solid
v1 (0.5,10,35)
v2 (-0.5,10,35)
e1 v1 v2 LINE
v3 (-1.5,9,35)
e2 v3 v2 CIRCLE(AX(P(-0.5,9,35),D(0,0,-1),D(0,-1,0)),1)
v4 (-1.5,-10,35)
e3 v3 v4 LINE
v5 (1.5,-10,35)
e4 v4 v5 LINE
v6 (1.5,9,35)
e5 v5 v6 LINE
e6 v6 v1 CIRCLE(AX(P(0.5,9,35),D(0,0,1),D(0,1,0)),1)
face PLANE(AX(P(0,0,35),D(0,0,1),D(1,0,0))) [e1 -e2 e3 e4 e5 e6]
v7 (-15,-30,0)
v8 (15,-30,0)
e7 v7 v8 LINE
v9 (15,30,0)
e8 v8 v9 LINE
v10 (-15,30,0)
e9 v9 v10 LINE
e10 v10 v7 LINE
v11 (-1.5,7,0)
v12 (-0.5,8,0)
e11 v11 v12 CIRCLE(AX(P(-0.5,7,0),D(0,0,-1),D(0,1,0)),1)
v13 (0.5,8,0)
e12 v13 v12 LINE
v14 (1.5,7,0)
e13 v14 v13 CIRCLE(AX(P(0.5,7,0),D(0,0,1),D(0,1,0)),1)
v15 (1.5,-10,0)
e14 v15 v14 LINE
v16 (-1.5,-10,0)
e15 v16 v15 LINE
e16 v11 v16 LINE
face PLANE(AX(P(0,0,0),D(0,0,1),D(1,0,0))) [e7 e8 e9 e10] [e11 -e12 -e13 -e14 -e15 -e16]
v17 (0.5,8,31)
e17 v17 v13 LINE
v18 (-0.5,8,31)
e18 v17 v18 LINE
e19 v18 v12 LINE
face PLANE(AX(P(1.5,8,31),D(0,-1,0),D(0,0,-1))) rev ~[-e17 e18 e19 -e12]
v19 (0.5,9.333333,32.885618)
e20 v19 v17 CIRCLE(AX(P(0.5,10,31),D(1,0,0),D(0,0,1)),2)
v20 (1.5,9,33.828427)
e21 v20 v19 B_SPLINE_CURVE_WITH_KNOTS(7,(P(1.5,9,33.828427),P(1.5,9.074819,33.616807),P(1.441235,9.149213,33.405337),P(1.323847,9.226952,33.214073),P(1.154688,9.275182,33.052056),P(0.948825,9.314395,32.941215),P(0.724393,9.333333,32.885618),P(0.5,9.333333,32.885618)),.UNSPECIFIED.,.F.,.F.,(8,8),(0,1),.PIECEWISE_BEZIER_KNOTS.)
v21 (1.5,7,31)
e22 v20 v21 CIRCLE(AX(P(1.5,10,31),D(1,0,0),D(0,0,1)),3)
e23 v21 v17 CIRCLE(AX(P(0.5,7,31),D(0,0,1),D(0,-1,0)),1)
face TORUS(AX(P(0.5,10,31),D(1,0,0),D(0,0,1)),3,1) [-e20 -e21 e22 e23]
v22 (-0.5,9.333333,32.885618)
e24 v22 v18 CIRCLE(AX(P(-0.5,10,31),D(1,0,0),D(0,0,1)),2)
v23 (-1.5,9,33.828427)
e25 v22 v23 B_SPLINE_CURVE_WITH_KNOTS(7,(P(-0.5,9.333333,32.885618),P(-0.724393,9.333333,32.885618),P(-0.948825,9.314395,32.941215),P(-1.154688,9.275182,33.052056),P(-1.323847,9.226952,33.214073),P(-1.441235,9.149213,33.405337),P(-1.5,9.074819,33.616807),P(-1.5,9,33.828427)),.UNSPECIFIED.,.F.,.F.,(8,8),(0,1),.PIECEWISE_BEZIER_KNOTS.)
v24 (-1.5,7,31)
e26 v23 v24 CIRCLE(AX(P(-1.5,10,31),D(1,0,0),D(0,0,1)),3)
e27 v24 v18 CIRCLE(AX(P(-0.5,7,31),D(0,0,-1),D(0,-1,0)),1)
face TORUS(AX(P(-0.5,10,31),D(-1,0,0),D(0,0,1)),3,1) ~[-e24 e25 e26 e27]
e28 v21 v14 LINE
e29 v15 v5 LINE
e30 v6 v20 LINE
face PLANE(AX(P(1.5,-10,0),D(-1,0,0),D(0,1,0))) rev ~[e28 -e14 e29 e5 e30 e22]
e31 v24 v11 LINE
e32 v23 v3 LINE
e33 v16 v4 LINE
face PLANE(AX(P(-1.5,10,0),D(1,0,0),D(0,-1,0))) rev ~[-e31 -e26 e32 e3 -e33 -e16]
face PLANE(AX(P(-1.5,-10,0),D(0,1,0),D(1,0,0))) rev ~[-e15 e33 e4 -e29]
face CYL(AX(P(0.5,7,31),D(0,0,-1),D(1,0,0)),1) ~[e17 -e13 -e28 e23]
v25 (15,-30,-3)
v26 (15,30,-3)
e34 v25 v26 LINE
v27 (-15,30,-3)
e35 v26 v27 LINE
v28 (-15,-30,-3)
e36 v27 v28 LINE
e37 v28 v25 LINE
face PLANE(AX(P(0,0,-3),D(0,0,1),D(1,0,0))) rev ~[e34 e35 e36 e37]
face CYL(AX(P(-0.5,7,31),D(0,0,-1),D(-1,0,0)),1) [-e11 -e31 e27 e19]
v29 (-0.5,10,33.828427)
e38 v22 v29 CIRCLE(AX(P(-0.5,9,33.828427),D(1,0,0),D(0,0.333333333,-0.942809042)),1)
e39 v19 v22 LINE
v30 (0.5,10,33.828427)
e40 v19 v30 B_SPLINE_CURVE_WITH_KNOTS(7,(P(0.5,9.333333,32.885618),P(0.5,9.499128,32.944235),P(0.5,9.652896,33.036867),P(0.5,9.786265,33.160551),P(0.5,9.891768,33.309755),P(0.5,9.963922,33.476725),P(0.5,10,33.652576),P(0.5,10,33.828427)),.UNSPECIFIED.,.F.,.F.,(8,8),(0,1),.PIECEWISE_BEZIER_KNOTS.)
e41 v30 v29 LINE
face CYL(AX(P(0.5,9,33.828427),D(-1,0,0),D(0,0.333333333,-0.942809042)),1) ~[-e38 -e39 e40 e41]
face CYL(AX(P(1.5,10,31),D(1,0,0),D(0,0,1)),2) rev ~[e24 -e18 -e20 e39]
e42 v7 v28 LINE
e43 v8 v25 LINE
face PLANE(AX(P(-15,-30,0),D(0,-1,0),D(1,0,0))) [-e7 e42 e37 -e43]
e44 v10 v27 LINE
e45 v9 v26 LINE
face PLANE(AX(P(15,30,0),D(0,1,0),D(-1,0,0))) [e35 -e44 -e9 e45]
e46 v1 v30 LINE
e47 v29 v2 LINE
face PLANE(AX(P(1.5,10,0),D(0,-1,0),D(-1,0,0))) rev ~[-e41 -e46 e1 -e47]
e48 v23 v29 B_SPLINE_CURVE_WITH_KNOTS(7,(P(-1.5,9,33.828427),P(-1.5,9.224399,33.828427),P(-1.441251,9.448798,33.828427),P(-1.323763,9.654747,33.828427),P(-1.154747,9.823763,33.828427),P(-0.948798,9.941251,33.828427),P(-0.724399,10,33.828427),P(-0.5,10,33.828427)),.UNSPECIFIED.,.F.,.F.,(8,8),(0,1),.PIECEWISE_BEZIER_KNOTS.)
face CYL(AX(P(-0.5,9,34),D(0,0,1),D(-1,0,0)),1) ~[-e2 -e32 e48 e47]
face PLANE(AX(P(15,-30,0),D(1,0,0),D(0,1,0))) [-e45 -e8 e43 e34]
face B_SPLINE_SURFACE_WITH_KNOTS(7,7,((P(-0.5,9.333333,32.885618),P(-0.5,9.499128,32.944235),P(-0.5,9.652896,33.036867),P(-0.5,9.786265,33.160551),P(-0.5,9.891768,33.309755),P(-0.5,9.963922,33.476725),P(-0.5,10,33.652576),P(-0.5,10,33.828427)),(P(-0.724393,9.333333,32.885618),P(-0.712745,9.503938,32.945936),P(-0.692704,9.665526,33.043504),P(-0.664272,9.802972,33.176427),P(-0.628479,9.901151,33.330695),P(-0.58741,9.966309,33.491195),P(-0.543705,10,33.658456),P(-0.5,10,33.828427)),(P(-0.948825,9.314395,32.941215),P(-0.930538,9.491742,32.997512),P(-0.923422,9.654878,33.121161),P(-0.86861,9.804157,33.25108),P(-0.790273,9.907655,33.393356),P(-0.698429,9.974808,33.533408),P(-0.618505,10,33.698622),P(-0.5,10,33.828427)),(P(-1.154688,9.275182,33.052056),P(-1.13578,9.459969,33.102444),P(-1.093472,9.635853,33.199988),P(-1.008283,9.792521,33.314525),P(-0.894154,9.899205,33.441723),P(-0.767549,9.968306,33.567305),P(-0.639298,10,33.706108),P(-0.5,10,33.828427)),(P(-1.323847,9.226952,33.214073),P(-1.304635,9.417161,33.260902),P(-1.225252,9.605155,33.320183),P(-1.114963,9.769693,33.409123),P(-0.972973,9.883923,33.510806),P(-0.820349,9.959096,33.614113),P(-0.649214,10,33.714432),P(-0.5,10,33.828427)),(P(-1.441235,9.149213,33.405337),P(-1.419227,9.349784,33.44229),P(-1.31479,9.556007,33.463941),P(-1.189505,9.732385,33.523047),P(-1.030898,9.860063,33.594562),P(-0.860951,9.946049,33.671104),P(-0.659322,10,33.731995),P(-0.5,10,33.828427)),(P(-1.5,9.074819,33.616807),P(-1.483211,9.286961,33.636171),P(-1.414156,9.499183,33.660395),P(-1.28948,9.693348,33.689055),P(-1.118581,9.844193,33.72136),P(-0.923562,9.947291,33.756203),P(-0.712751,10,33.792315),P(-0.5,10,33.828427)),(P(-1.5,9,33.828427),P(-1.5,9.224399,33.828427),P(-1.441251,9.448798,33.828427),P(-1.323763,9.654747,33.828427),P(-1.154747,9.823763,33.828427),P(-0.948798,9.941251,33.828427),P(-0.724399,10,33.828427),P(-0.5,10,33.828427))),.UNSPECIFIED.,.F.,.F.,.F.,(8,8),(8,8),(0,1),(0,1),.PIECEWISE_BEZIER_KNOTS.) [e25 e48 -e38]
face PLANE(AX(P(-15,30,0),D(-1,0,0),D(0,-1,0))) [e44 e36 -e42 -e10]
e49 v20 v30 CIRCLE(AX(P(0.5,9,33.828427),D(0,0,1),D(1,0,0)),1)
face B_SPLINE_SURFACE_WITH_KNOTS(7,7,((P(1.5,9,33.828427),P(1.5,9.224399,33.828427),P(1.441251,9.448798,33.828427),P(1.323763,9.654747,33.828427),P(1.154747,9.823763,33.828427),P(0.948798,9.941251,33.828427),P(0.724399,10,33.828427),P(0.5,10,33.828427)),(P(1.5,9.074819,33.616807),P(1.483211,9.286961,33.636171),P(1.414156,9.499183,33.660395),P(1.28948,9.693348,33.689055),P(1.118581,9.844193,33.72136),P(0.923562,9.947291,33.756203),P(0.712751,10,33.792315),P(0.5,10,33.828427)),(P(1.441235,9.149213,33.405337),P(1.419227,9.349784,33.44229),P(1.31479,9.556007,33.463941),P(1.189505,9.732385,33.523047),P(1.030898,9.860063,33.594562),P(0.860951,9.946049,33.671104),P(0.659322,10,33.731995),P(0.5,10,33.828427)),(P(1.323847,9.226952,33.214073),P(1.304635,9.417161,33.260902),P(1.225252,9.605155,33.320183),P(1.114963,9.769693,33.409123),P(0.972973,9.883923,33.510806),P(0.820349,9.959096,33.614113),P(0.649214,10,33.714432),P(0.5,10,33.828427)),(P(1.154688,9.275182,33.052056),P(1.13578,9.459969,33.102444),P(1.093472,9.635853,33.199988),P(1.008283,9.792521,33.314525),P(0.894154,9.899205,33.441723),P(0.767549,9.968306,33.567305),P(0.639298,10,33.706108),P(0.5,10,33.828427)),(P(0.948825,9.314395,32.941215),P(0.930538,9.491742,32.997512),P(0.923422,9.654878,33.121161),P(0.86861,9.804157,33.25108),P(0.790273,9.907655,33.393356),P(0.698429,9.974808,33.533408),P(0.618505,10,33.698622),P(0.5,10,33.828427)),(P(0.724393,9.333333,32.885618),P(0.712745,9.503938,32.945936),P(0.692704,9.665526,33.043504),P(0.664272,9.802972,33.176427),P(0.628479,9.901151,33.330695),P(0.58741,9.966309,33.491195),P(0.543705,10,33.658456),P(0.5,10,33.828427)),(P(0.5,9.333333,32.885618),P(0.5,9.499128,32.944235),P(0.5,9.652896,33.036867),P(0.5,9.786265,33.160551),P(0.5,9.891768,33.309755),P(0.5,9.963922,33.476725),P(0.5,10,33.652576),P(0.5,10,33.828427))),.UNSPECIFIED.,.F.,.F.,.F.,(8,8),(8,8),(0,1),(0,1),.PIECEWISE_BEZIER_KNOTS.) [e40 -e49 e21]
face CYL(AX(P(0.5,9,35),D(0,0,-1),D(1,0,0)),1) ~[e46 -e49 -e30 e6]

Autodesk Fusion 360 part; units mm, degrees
sketch "Sketch1" plane through (0, 0, 0) normal (0, 0, 1) x (1, 0, 0)
  line L0 (15, 30) -> (-15, 30)
  line L1 (-15, 30) -> (-15, -30)
  line L2 (-15, -30) -> (15, -30)
  line L3 (15, -30) -> (15, 30)
  line L4 (15, 30) -> (-15, -30) construction
  line L5 (-15, 30) -> (15, -30) construction
  line L6 (1.5, 10) -> (-1.5, 10)
  line L7 (-1.5, 10) -> (-1.5, -10)
  line L8 (-1.5, -10) -> (1.5, -10)
  line L9 (1.5, -10) -> (1.5, 10)
  line L10 (1.5, 10) -> (-1.5, -10) construction
  line L11 (-1.5, 10) -> (1.5, -10) construction
  dimension "d1" = 60
  dimension "d2" = 30
  dimension "d3" = 20
  dimension "d4" = 3
extrude "Extrude1" add sketch "Sketch1" against normal blind 3 contours L0 L1 L2 L3 | L6 L7 L8 L9
extrude "Extrude2" add sketch "Sketch1" along normal blind 35 contours L6 L7 L8 L9
sketch "Sketch2" plane through (0, 0, 0) normal (1, 0, 0) x (0, 0, -1)
sketch "Sketch3" plane through (1.5, 0, 0) normal (1, 0, 0) x (0, 0, -1)
  line L0 (0, -10) -> (0, 10)
  line L1 (0, 10) -> (-35, 10)
  line L2 (-35, 10) -> (-35, -10)
  line L3 (-35, -10) -> (0, -10)
  line L4 (0, 10) -> (-33, 10)
  line L5 (-33, 10) -> (-33, 8) construction
  line L6 (-33, 8) -> (0, 8)
  line L7 (0, 8) -> (0, 10)
  arc A0 (-33, 10) -> (-31, 8) centre (-31, 10) ccw
  dimension "d9" = 2
  dimension "d10" = 33
  dimension "d15" = 4
extrude "Extrude3" cut sketch "Sketch3" against normal through all contours L0 L1 L4 L6 L7 A0
fillet "Fillet4" radius 1 2 edges at (1.5, 8, 15.5) (1.5, 8.5858, 32.4142)
fillet "Fillet5" radius 1 2 edges at (-1.5, 8.5858, 32.4142) (-1.5, 8, 15.5)
fillet "Fillet6" radius 1 5 edges at (-1.5, 10, 34.5) (-1.2071, 10, 33.2929) (0, 10, 33) (1.2071, 10, 33.2929) (1.5, 10, 34.5)
